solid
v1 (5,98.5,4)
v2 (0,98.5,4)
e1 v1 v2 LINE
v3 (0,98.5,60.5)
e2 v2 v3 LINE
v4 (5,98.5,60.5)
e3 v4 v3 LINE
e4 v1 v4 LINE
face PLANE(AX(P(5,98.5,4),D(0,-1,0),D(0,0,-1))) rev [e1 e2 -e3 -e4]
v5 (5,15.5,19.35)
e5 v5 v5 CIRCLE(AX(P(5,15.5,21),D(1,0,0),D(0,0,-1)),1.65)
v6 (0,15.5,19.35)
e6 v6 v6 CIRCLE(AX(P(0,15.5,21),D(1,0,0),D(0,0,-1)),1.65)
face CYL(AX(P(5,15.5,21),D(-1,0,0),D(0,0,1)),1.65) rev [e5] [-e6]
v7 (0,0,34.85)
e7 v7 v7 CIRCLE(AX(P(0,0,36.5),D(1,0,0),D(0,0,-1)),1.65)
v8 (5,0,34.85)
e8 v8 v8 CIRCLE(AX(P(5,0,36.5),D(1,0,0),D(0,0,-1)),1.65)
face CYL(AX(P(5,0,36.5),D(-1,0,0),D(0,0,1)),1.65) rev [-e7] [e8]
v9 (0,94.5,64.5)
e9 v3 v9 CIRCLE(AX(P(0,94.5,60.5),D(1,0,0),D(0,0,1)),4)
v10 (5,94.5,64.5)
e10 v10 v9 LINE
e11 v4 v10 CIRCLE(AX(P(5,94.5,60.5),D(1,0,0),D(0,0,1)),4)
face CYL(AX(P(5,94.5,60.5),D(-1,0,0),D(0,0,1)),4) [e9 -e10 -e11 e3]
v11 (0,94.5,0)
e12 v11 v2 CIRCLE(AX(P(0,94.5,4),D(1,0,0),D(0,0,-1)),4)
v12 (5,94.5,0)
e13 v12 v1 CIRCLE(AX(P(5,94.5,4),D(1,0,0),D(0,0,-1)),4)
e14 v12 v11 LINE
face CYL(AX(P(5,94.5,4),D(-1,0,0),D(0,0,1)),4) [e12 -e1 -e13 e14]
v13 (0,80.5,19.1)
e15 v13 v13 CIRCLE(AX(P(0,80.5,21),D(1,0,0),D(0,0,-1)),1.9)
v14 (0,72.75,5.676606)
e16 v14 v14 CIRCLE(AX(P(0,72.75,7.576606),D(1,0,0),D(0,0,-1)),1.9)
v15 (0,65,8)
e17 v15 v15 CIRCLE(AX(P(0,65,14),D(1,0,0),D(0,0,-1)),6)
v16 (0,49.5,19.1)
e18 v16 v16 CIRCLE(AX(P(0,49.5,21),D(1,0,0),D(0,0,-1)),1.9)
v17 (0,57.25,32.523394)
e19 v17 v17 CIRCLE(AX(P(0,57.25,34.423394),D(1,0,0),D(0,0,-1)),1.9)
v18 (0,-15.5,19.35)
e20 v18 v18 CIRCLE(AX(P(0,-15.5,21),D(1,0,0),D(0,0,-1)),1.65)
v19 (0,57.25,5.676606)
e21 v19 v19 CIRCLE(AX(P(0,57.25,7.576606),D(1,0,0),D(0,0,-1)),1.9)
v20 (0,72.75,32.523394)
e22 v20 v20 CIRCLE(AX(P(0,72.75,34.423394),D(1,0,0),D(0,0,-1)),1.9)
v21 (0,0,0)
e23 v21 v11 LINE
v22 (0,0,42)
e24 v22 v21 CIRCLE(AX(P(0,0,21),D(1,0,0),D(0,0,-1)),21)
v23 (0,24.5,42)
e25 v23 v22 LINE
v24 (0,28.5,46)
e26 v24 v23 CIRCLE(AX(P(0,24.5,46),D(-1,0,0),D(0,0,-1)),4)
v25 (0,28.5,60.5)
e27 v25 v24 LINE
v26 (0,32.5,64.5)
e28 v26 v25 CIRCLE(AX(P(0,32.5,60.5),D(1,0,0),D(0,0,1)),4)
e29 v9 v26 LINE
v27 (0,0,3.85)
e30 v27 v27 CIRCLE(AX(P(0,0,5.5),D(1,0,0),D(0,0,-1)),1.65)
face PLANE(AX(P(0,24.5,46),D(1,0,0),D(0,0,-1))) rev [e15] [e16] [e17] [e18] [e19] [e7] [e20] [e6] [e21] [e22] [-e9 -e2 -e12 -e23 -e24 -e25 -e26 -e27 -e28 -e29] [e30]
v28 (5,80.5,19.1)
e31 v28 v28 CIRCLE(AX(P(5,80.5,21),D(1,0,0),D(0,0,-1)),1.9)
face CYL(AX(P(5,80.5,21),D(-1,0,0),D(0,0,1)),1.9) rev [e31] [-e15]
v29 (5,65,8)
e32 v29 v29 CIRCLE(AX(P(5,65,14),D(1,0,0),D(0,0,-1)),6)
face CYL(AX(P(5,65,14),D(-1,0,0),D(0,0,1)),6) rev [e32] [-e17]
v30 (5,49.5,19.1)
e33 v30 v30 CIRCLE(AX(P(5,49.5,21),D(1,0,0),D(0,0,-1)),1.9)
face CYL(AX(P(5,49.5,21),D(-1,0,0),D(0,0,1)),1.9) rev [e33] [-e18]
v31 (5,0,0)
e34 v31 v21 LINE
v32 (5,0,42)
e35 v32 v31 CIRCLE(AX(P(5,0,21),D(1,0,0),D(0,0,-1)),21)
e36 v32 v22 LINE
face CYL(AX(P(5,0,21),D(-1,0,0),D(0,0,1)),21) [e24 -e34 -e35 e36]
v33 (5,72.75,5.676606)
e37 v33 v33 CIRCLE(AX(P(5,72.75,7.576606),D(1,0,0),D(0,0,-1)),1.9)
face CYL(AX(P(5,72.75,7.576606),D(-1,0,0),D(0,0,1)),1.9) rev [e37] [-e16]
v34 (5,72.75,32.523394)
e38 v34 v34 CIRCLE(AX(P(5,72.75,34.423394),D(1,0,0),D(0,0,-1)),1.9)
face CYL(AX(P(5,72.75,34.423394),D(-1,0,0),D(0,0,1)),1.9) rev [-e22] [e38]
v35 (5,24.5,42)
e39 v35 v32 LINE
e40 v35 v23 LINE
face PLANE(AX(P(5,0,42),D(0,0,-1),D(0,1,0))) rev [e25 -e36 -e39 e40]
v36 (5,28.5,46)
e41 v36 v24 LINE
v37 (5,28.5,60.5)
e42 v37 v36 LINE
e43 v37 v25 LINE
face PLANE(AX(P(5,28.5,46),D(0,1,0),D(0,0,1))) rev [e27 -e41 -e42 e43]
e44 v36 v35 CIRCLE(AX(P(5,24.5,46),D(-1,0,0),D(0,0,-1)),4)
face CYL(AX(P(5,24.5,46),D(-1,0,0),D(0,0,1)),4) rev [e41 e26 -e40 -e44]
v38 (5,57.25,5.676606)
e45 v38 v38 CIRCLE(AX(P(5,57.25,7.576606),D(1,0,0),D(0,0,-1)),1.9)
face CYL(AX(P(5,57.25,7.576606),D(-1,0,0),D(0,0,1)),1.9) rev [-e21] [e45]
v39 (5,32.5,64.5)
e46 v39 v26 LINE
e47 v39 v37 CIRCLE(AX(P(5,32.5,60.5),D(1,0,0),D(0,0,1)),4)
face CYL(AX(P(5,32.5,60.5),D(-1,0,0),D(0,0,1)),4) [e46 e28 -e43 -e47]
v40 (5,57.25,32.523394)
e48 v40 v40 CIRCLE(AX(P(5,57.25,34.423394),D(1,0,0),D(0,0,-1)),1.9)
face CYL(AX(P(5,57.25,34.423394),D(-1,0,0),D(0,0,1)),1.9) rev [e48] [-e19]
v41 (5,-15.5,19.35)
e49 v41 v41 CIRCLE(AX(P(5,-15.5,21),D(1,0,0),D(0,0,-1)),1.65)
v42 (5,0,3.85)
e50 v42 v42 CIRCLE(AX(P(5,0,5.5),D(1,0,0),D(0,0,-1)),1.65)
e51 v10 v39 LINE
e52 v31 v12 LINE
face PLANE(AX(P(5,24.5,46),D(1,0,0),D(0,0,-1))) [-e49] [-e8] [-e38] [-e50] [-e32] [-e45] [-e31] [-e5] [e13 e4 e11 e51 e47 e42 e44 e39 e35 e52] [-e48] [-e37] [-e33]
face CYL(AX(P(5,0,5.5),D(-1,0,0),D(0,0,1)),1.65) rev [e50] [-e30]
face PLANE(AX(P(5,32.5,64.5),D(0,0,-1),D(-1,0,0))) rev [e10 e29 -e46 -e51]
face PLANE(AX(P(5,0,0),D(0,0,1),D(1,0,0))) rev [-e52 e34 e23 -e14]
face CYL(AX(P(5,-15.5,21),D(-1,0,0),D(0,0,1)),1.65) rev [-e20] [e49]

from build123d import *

# Parameters (mm, degrees)
SKETCH1_R           = 1.65
SKETCH1_R_2         = 1.9
SKETCH1_R_3         = 6
BOSS_EXTRUDE1_DEPTH = 5


with BuildPart() as part:
    # Sketch1 → Boss-Extrude1 (new body)
    with BuildSketch(Plane.YZ):
        with BuildLine():
            Line((0, 0), (94.5, 0))
            ThreePointArc((94.5, 0), (97.328427125, 1.171572875), (98.5, 4))
            Line((98.5, 4), (98.5, 60.5))
            ThreePointArc((98.5, 60.5), (97.328427125, 63.328427125), (94.5, 64.5))
            Line((94.5, 64.5), (32.5, 64.5))
            ThreePointArc((32.5, 64.5), (29.671572875, 63.328427125), (28.5, 60.5))
            Line((28.5, 60.5), (28.5, 46))
            ThreePointArc((28.5, 46), (27.328427125, 43.171572875), (24.5, 42))
            Line((24.5, 42), (0, 42))
            ThreePointArc((0, 42), (-21, 21), (0, 0))
        make_face()
        with Locations(Location((-15.5, 21, 0), (0, 0, 270))):
            Circle(SKETCH1_R, mode=Mode.SUBTRACT)
        with Locations(Location((49.5, 21, 0), (0, 0, 270))):
            Circle(SKETCH1_R_2, mode=Mode.SUBTRACT)
        with Locations(Location((65, 14, 0), (0, 0, 270))):
            Circle(SKETCH1_R_3, mode=Mode.SUBTRACT)
        with Locations(Location((57.25, 34.423393759, 0), (0, 0, 270))):
            Circle(SKETCH1_R_2, mode=Mode.SUBTRACT)
        with Locations(Location((72.75, 34.423393759, 0), (0, 0, 270))):
            Circle(SKETCH1_R_2, mode=Mode.SUBTRACT)
        with Locations(Location((80.5, 21, 0), (0, 0, 270))):
            Circle(SKETCH1_R_2, mode=Mode.SUBTRACT)
        with Locations(Location((72.75, 7.576606241, 0), (0, 0, 270))):
            Circle(SKETCH1_R_2, mode=Mode.SUBTRACT)
        with Locations(Location((57.25, 7.576606241, 0), (0, 0, 270))):
            Circle(SKETCH1_R_2, mode=Mode.SUBTRACT)
        with Locations(Location((0, 36.5, 0), (0, 0, 270))):
            Circle(SKETCH1_R, mode=Mode.SUBTRACT)
        with Locations(Location((15.5, 21, 0), (0, 0, 270))):
            Circle(SKETCH1_R, mode=Mode.SUBTRACT)
        with Locations(Location((0, 5.5, 0), (0, 0, 270))):
            Circle(SKETCH1_R, mode=Mode.SUBTRACT)
    extrude(amount=BOSS_EXTRUDE1_DEPTH)


solid = part.part
